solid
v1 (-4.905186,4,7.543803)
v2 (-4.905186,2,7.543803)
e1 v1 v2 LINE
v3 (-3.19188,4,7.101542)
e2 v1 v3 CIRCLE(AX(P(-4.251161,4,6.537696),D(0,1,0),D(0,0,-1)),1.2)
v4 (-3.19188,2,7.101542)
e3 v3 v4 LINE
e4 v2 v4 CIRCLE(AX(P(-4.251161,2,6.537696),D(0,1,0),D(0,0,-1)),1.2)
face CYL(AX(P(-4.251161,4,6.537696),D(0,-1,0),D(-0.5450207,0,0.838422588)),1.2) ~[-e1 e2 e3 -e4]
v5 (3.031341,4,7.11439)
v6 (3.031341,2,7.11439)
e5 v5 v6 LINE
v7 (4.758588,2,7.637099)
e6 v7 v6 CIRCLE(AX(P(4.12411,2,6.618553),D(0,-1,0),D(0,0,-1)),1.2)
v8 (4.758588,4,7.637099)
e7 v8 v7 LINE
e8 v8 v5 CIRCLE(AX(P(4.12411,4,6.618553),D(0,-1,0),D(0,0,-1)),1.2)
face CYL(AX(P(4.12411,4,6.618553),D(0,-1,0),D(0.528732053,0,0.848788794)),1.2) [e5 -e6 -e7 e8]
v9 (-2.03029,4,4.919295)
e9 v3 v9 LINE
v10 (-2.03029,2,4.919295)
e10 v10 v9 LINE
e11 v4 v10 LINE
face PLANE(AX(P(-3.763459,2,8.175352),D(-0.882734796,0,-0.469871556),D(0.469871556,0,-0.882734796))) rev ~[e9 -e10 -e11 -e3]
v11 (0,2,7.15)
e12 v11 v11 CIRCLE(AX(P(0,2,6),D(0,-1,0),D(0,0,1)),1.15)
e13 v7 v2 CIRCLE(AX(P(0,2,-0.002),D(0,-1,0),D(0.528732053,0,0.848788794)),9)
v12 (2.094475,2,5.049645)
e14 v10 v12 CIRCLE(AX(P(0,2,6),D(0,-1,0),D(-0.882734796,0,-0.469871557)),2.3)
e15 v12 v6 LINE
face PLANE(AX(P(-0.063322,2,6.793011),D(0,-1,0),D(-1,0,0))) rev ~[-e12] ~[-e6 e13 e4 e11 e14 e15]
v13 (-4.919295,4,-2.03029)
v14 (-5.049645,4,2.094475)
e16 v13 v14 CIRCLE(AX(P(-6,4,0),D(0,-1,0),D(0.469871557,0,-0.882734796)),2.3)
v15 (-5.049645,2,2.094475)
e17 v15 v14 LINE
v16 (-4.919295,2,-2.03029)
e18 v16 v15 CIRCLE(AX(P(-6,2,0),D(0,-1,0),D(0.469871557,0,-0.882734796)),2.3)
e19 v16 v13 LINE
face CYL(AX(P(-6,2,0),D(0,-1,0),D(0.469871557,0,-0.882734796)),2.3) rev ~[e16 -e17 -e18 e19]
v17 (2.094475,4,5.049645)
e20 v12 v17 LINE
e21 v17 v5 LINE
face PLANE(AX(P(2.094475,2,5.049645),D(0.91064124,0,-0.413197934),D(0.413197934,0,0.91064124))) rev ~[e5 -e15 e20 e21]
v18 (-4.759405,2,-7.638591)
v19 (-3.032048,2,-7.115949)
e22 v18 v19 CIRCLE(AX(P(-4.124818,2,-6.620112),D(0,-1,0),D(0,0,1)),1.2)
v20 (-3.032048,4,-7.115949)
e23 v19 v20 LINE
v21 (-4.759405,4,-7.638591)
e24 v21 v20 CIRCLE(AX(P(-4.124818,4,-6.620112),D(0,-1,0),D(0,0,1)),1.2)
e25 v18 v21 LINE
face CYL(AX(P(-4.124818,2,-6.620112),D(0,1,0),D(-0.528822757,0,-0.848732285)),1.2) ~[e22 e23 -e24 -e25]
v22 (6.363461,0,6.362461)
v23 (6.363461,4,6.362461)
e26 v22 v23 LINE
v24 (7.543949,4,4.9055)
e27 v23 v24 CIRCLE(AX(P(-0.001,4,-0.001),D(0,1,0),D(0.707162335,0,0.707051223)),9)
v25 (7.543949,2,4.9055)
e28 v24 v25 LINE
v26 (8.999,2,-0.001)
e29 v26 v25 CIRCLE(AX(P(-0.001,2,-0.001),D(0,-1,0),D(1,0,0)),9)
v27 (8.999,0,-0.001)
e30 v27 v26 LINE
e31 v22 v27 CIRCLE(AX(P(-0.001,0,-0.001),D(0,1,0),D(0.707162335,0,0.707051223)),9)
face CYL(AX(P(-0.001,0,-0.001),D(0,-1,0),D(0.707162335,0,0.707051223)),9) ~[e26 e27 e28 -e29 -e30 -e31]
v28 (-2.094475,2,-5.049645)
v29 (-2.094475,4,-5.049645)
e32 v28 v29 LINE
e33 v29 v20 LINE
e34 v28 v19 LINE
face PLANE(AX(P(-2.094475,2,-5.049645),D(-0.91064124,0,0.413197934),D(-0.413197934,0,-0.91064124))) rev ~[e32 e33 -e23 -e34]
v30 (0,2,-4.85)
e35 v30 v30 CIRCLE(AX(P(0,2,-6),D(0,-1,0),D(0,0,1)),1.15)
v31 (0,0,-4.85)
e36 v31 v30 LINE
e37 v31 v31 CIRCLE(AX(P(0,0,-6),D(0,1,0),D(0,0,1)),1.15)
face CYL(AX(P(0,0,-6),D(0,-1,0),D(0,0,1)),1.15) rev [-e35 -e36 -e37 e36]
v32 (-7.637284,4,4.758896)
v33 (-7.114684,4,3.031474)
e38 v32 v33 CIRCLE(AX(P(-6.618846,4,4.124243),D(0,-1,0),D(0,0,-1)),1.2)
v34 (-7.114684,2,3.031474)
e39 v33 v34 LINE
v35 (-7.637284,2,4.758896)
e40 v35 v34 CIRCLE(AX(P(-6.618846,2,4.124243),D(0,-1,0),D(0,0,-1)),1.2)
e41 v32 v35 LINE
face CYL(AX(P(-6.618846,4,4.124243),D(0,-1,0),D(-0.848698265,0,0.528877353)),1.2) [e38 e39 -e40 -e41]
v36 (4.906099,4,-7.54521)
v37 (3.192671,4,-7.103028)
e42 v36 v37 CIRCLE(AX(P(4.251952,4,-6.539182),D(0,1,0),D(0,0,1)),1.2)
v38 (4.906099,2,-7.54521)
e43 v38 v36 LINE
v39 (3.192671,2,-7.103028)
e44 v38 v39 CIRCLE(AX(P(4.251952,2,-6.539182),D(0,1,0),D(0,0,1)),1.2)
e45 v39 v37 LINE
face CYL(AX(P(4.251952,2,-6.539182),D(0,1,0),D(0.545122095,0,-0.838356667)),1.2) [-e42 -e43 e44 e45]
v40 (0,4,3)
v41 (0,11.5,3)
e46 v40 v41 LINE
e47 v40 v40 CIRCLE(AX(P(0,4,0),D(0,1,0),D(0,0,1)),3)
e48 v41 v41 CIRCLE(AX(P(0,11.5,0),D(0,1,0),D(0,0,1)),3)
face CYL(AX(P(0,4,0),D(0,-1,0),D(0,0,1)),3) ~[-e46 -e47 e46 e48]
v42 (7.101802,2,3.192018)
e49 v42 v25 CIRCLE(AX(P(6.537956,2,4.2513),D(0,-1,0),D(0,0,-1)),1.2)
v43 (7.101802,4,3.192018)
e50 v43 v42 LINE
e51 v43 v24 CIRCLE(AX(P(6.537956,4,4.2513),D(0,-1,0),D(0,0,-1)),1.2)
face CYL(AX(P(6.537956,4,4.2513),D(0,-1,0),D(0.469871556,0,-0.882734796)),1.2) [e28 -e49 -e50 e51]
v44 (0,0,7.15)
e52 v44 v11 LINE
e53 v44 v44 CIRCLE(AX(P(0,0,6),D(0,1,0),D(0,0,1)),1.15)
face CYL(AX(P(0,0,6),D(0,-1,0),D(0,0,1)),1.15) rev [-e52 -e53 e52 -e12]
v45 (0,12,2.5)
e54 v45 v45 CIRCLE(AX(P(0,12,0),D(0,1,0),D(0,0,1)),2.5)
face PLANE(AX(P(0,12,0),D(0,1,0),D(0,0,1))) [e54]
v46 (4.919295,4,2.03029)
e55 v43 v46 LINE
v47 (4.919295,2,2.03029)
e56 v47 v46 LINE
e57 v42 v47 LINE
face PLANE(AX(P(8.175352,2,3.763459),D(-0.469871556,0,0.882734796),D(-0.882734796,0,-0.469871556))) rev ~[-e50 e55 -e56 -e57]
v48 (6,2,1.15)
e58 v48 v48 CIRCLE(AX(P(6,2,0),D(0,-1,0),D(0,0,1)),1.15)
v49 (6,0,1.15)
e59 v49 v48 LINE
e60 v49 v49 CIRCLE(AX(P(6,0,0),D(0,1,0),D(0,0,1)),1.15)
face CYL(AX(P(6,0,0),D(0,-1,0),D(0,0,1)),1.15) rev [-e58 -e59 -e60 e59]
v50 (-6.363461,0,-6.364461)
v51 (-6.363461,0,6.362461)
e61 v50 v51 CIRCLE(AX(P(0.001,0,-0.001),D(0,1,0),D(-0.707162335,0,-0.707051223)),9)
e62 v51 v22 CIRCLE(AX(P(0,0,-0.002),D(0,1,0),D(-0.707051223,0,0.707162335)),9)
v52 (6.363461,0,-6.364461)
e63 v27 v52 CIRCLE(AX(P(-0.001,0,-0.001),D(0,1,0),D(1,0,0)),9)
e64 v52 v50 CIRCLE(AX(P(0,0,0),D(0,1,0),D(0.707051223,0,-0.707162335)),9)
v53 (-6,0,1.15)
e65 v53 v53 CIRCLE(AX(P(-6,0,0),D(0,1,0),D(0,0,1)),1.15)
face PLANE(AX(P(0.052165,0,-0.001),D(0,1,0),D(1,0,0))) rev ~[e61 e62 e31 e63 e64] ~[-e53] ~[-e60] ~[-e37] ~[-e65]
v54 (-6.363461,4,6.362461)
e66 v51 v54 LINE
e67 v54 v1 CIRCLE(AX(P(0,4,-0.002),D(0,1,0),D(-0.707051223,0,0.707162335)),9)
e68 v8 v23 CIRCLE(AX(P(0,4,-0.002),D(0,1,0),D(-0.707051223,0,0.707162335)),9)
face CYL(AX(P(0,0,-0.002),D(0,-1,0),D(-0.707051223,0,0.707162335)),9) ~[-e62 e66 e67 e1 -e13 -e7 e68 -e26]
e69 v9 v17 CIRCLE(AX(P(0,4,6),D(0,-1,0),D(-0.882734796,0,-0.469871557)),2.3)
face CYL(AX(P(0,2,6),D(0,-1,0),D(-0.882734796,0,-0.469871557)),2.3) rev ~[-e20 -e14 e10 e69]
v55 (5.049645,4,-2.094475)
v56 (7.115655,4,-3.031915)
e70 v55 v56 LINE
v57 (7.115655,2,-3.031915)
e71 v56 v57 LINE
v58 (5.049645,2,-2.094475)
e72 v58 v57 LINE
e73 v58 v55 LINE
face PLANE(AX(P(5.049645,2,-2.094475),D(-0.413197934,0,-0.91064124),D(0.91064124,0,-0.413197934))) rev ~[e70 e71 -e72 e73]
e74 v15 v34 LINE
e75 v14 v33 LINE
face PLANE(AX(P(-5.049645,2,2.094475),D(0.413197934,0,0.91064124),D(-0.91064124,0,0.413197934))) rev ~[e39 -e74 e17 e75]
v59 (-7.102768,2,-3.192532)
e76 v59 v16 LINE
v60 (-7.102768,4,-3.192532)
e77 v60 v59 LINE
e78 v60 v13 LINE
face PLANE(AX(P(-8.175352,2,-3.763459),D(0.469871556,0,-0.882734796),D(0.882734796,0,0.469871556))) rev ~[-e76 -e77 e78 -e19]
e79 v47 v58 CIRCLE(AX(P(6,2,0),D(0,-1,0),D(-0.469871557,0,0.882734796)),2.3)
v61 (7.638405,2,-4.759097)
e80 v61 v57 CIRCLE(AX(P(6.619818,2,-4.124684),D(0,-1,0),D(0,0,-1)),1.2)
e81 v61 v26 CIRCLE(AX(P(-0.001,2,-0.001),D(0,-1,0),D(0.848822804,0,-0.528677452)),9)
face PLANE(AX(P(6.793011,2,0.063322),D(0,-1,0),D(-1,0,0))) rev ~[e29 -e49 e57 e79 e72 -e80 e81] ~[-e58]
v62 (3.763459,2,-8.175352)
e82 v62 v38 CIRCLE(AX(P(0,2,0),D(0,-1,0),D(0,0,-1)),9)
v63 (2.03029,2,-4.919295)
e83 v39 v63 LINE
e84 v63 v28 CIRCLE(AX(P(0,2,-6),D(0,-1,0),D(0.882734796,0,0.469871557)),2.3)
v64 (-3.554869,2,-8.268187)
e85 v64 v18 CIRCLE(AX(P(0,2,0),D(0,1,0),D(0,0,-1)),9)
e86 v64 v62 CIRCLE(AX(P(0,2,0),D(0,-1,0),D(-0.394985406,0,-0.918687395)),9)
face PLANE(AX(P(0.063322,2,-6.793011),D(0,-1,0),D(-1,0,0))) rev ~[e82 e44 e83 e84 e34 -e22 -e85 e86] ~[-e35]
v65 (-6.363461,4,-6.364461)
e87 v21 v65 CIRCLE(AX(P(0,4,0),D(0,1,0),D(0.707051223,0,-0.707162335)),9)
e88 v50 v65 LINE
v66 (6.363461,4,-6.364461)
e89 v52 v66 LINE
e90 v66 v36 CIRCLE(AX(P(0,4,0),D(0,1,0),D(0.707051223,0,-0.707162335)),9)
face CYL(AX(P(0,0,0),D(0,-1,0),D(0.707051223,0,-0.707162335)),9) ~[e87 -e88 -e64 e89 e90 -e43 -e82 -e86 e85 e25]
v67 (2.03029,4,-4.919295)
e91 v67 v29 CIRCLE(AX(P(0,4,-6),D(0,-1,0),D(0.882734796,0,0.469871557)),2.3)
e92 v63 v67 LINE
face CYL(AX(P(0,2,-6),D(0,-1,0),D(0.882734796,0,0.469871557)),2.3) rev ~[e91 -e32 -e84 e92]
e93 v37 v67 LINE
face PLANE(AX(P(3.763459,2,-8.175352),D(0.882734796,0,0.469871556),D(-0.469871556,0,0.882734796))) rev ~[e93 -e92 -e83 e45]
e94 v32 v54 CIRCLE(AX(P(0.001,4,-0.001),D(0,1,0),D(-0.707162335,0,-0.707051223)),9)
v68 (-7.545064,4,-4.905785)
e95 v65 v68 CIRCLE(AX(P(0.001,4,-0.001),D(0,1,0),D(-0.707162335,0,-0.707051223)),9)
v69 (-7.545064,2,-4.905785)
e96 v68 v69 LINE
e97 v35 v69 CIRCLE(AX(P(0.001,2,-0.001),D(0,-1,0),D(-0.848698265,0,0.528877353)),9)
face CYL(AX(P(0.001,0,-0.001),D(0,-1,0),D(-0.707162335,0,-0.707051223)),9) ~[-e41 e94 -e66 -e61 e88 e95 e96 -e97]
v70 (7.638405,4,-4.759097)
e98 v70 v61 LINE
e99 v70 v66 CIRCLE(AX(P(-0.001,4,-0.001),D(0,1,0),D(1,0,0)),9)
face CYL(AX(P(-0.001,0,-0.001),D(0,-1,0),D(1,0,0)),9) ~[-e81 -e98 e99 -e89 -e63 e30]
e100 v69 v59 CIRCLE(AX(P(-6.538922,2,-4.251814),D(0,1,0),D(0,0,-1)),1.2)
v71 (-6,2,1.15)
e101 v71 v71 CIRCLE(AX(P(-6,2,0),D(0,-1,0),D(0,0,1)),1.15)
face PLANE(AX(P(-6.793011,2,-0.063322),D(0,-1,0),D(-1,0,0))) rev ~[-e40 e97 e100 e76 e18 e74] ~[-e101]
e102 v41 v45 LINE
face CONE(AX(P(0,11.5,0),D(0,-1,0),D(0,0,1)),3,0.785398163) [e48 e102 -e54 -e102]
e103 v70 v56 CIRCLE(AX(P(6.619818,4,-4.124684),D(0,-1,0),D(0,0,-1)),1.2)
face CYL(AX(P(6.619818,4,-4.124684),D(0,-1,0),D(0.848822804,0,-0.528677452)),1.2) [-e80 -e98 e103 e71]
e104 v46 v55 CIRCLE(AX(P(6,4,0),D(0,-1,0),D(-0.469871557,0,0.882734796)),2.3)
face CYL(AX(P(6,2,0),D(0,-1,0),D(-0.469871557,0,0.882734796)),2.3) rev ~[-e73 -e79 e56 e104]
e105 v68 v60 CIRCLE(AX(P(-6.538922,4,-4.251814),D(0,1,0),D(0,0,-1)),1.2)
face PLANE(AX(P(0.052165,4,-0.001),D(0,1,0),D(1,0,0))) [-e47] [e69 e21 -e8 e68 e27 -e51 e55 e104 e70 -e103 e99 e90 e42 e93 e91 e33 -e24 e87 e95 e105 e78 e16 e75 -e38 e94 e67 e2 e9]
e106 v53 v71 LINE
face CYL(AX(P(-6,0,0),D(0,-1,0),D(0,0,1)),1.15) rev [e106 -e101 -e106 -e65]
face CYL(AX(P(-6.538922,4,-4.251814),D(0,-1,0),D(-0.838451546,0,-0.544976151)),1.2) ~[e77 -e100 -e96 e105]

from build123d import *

# Parameters (mm, degrees)
SKETCH_1_R          = 1.15
EXTRUDE_1_DEPTH     = 4
SKETCH_2_R          = 3
EXTRUDE_2_DEPTH     = 8
CHAMFER_1_SIZE      = 0.5
CUT_EXTRUDE_START   = -2
CUT_EXTRUDE_2_DEPTH = 2
FILLET_1_R          = 1.2


with BuildPart() as part:
    # 草图1 → 凸台-拉伸1 (new body)
    with BuildSketch(Plane(origin=(0, 0, 0), x_dir=(1, 0, 0), z_dir=(0, 1, 0))):
        with BuildLine():
            ThreePointArc((-6.363461011, -6.362461011), (0, -8.998), (6.363461011, -6.362461011))
            ThreePointArc((6.363461011, -6.362461011), (8.314051085, -3.442824248), (8.999, 0.001))
            ThreePointArc((8.999, 0.001), (8.314051085, 3.444824248), (6.363461011, 6.364461011))
            ThreePointArc((6.363461011, 6.364461011), (0, 9), (-6.363461011, 6.364461011))
            ThreePointArc((-6.363461011, 6.364461011), (-8.999, 0.001), (-6.363461011, -6.362461011))
        make_face()
        with Locations(Location((-6, 0, 0), (0, 0, 270))):
            Circle(SKETCH_1_R, mode=Mode.SUBTRACT)
        with Locations(Location((0, -6, 0), (0, 0, 270))):
            Circle(SKETCH_1_R, mode=Mode.SUBTRACT)
        with Locations(Location((6, 0, 0), (0, 0, 270))):
            Circle(SKETCH_1_R, mode=Mode.SUBTRACT)
        with Locations(Location((0, 6, 0), (0, 0, 270))):
            Circle(SKETCH_1_R, mode=Mode.SUBTRACT)
    extrude(amount=EXTRUDE_1_DEPTH)

    # 草图2 → 凸台-拉伸2 (add)
    with BuildSketch(Plane(origin=(0, 4, 0), x_dir=(1, 0, 0), z_dir=(0, 1, 0))):
        with Locations(Location((0, 0, 0), (0, 0, 270))):
            Circle(SKETCH_2_R)
    extrude(amount=EXTRUDE_2_DEPTH)

    # 倒角1
    chamfer_1_edges = [part.edges().sort_by_distance(p)[0] for p in [
        (0, 12, -3),
    ]]
    chamfer(chamfer_1_edges, length=CHAMFER_1_SIZE)

    # 草图4 → 切除-拉伸2 (cut)
    with BuildSketch(Plane(origin=(0, 4, 0), x_dir=(1, 0, 0), z_dir=(0, 1, 0)).offset(CUT_EXTRUDE_START)):
        with BuildLine():
            Line((5.049644753, 2.094474852), (8.268186553, 3.554868652))
            ThreePointArc((8.268186553, 3.554868652), (8.99927597, -0.114157891), (8.175351882, -3.763458729))
            Line((8.175351882, -3.763458729), (4.91929542, -2.030290031))
            ThreePointArc((4.91929542, -2.030290031), (3.701147604, 0.072647504), (5.049644753, 2.094474852))
        make_face()
        with BuildLine():
            Line((2.094474852, -5.049644753), (3.554868652, -8.268186553))
            ThreePointArc((3.554868652, -8.268186553), (-0.114157891, -8.99927597), (-3.763458729, -8.175351882))
            Line((-3.763458729, -8.175351882), (-2.030290031, -4.91929542))
            ThreePointArc((-2.030290031, -4.91929542), (0.072647504, -3.701147604), (2.094474852, -5.049644753))
        make_face()
        with BuildLine():
            Line((-5.049644753, -2.094474852), (-8.268186553, -3.554868652))
            ThreePointArc((-8.268186553, -3.554868652), (-8.99927597, 0.114157891), (-8.175351882, 3.763458729))
            Line((-8.175351882, 3.763458729), (-4.91929542, 2.030290031))
            ThreePointArc((-4.91929542, 2.030290031), (-3.701147604, -0.072647504), (-5.049644753, -2.094474852))
        make_face()
        with BuildLine():
            Line((-2.094474852, 5.049644753), (-3.554868652, 8.268186553))
            ThreePointArc((-3.554868652, 8.268186553), (0.114157891, 8.99927597), (3.763458729, 8.175351882))
            Line((3.763458729, 8.175351882), (2.030290031, 4.91929542))
            ThreePointArc((2.030290031, 4.91929542), (-0.072647504, 3.701147604), (-2.094474852, 5.049644753))
        make_face()
    extrude(amount=CUT_EXTRUDE_2_DEPTH, mode=Mode.SUBTRACT)

    # 圆角1
    fillet_1_edges = [part.edges().sort_by_distance(p)[0] for p in [
        (-3.762603645, 3, 8.173745459),
        (3.554109286, 3, 8.266512997),
        (-8.174918344, 3, -3.763227961),
        (-8.266990018, 3, 3.554325732),
        (-3.554868652, 3, -8.268186553),
        (3.763458729, 3, -8.175351882),
        (8.174178942, 3, 3.762834384),
        (8.267709465, 3, -3.554652176),
    ]]
    fillet(fillet_1_edges, radius=FILLET_1_R)


solid = part.part
